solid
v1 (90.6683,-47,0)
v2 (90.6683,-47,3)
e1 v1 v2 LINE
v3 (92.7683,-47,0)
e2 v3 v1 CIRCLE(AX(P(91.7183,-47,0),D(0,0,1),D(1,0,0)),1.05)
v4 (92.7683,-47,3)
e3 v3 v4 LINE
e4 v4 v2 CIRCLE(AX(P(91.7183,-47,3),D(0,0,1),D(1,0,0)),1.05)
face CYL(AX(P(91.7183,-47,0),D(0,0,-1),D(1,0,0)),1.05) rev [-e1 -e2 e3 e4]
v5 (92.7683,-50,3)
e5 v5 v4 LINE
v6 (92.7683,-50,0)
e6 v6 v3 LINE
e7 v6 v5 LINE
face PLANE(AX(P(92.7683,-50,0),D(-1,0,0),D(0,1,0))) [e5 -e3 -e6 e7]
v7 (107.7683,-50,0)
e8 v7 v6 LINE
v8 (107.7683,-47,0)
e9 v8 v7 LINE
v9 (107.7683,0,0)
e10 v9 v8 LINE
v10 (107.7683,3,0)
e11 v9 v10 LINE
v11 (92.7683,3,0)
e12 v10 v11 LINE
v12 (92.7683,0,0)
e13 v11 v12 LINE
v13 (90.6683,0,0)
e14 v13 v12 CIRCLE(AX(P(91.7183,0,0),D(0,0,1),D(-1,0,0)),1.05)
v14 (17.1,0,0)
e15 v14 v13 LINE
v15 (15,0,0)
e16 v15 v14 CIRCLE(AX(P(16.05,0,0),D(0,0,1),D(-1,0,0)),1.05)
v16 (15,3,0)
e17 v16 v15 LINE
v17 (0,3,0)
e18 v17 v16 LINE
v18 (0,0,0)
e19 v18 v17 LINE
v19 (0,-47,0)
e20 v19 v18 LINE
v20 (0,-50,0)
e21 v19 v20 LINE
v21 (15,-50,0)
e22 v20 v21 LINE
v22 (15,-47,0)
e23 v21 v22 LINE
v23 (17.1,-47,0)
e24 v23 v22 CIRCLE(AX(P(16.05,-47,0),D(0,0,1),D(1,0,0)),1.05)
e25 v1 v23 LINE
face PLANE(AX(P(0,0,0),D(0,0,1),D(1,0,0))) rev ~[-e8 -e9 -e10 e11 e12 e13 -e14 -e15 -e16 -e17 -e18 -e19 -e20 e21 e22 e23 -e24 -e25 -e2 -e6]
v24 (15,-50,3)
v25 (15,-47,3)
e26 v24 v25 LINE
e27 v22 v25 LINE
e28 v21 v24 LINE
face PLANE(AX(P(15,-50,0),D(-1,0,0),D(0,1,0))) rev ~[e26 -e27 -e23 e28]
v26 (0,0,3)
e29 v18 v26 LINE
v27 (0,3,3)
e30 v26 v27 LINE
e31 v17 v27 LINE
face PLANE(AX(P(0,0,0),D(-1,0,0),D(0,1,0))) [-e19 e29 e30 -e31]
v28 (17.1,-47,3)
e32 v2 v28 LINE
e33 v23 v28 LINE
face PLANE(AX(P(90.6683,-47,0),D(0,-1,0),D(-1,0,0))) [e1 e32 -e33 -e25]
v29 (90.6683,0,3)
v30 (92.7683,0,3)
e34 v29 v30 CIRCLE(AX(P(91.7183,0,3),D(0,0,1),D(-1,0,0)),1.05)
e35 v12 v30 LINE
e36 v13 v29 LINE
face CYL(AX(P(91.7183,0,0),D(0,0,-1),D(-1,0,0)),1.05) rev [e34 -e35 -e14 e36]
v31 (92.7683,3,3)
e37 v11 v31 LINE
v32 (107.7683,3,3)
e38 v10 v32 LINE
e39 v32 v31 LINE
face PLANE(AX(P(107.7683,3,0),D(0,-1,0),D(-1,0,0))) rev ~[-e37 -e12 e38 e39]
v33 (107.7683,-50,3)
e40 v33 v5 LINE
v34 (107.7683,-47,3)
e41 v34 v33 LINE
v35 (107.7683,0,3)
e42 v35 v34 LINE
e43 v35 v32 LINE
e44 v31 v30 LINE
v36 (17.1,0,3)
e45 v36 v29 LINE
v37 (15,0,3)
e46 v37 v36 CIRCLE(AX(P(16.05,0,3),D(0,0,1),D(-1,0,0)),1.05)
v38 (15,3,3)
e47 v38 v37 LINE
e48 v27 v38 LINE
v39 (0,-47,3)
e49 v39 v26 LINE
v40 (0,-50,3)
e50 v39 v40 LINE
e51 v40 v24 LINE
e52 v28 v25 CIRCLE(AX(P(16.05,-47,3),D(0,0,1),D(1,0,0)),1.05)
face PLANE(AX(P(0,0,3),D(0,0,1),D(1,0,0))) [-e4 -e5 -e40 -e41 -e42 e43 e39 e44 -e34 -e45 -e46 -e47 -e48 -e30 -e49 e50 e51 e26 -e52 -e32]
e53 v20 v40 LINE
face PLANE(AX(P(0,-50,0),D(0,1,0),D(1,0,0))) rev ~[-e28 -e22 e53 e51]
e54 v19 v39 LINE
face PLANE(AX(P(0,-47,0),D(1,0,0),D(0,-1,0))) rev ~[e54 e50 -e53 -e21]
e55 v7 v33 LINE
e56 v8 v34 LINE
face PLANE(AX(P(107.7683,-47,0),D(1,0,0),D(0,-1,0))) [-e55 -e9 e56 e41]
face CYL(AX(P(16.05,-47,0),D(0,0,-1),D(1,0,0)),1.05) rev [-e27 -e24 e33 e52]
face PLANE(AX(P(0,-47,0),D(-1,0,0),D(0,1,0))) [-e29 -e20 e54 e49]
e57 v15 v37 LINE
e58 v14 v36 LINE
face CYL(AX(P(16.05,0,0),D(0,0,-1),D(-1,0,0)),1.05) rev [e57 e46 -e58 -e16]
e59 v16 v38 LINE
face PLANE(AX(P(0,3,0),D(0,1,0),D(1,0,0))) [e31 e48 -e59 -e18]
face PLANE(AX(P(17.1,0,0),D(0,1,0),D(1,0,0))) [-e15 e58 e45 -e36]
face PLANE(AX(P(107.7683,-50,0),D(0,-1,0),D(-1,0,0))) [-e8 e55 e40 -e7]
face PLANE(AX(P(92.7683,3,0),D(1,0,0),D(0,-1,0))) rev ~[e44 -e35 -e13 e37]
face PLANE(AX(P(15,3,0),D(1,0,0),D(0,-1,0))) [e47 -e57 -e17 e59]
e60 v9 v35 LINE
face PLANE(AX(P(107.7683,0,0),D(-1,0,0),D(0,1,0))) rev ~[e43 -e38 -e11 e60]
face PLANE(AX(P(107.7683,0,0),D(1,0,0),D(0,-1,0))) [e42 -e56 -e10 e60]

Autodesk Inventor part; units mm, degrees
ref_plane "YZ Plane" through (0, 0, 0) normal (1, 0, 0) x (0, 1, 0)
ref_plane "XZ Plane" through (0, 0, 0) normal (0, 1, 0) x (-1, 0, 0)
ref_plane "XY Plane" through (0, 0, 0) normal (0, 0, 1) x (1, 0, 0)
sketch "スケッチ1" plane through (0, 0, 0) normal (0, 0, 1) x (1, 0, 0)
  circle A0 centre (-35.9404, 22.842) radius 1.5
  circle A1 centre (5.9362, 53.5882) radius 1.5
  circle A2 centre (127.6431, 30.2622) radius 1.5
  line L0 (22.1499, 50.4807) -> (113.9448, 32.8876)
  circle A3 centre (5.9362, 53.5882) radius 4.5
  circle A4 centre (127.6431, 30.2622) radius 4.5
  circle A5 centre (-35.9404, 22.842) radius 3
  line L1 (5.0892, 49.1686) -> (11.145, 48.008)
  line L2 (11.145, 48.008) -> (22.1499, 50.4807)
  line L3 (113.9448, 32.8876) -> (122.4523, 26.6751)
  line L4 (122.4523, 26.6751) -> (126.7961, 25.8426)
  line L5 (4.4419, 57.8328) -> (15.2047, 61.622)
  line L6 (-37.785, 25.2079) -> (3.1694, 57.1371)
  line L7 (3.5126, 49.7966) -> (-34.0959, 20.4761)
  line L8 (122.0018, 41.1536) -> (130.601, 33.6535)
  circle A6 centre (80.3181, 36.2778) radius 3
  circle A7 centre (80.3181, 36.2778) radius 4.5
  line L9 (128.2106, 34.7263) -> (80.8855, 40.7419)
  circle A8 centre (80.4743, 23.124) radius 1.5
  line L10 (120.4636, 35.711) -> (121.0283, 38.6574)
  line L11 (15.1864, 58.9428) -> (14.6217, 55.9964)
  circle A9 centre (66.9779, 42.9073) radius 1.5
  circle A10 centre (66.9779, 42.9073) radius 3
  line L12 (29.9182, 56.1193) -> (29.3535, 53.1729)
  arc A11 (17.2488, 58.5475) -> (15.1864, 58.9428) centre (16.2176, 58.7451) ccw
  arc A12 (29.9182, 56.1193) -> (27.8558, 56.5146) centre (28.887, 56.3169) ccw
  arc A13 (27.2911, 53.5682) -> (29.3535, 53.1729) centre (28.3223, 53.3705) ccw
  arc A14 (14.6217, 55.9964) -> (16.6841, 55.6011) centre (15.6529, 55.7987) ccw
  line L13 (17.2488, 58.5475) -> (27.8558, 56.5146)
  line L14 (16.6841, 55.6011) -> (27.2911, 53.5682)
  arc A15 (31.8825, 55.7428) -> (27.0019, 58.7146) centre (28.887, 56.3169) ccw
  line L15 (27.0019, 58.7146) -> (18.8556, 60.2759)
  arc A16 (18.8556, 60.2759) -> (15.2047, 61.622) centre (16.2176, 58.7451) ccw
  line L16 (106.2964, 41.4808) -> (105.7317, 38.5345)
  arc A17 (108.3589, 41.0856) -> (106.2964, 41.4808) centre (107.3276, 41.2832) ccw
  arc A18 (121.0283, 38.6574) -> (118.9658, 39.0527) centre (119.997, 38.855) ccw
  arc A19 (118.4011, 36.1063) -> (120.4636, 35.711) centre (119.4323, 35.9086) ccw
  arc A20 (105.7317, 38.5345) -> (107.7942, 38.1392) centre (106.7629, 38.3368) ccw
  line L17 (31.8825, 55.7428) -> (104.3322, 41.8573)
  line L18 (108.3589, 41.0856) -> (118.9658, 39.0527)
  line L19 (107.7942, 38.1392) -> (118.4011, 36.1063)
  arc A21 (122.0018, 41.1536) -> (118.1119, 41.2527) centre (119.997, 38.855) ccw
  line L20 (118.1119, 41.2527) -> (109.9656, 42.814)
  arc A22 (109.9656, 42.814) -> (104.3322, 41.8573) centre (107.3276, 41.2832) ccw
  line L21 (30.3885, 58.9717) -> (38.2584, 54.5208)
  line L22 (16.7917, 61.7406) -> (29.4611, 59.3124)
  line L23 (120.5711, 41.8505) -> (107.9017, 44.2787)
  line L24 (106.8479, 44.2952) -> (98.5267, 42.97)
  point P0 (0, 0)
  point P1 (0, 0)
  point P2 (0, 0)
  dimension "d53" = 9
  dimension "d49" = 9
  dimension "d50" = 9
  dimension "d51" = 6
  dimension "d52" = 6
  dimension "d54" = 47.7059
  dimension "d55" = 47.7059
  dimension "d56" = 3
  dimension "d57" = 3
  dimension "d58" = 8.0769
  dimension "d59" = 8.0769
  dimension "d60" = 3
  dimension "d61" = 6
  dimension "d62" = 61.9691
  dimension "d63" = 61.9691
  dimension "d64" = 15
  dimension "d65" = 2.1
  dimension "d66" = 2
  dimension "d67" = 2
  dimension "d68" = 2
  dimension "d69" = 15
  dimension "d70" = 2.1
  dimension "d71" = 7
  dimension "d72" = 2
  dimension "d73" = 2
sketch "スケッチ2" plane through (0, 0, 0) normal (0, 0, 1) x (1, 0, 0)
  line L0 (17.1, 0) -> (90.6683, 0)
  line L1 (107.7683, 0) -> (107.7683, -47)
  line L2 (90.6683, -47) -> (17.1, -47)
  line L3 (0, -47) -> (0, 0)
  line L4 (0, 0) -> (0, 3)
  line L5 (0, 3) -> (15, 3)
  line L6 (15, 3) -> (15, 0)
  line L7 (107.7683, 0) -> (107.7683, 3)
  line L8 (107.7683, 3) -> (92.7683, 3)
  line L9 (92.7683, 3) -> (92.7683, 0)
  line L10 (107.7683, -47) -> (107.7683, -50)
  line L11 (107.7683, -50) -> (92.7683, -50)
  line L12 (92.7683, -50) -> (92.7683, -47)
  line L13 (0, -47) -> (0, -50)
  line L14 (0, -50) -> (15, -50)
  line L15 (15, -50) -> (15, -47)
  arc A0 (15, 0) -> (17.1, 0) centre (16.05, 0) ccw
  arc A1 (90.6683, 0) -> (92.7683, 0) centre (91.7183, 0) ccw
  arc A2 (92.7683, -47) -> (90.6683, -47) centre (91.7183, -47) ccw
  arc A3 (17.1, -47) -> (15, -47) centre (16.05, -47) ccw
  line L16 (15.1864, 58.9428) -> (14.6217, 55.9964) projected
  line L17 (120.4636, 35.711) -> (121.0283, 38.6574) projected
  dimension "d30" = 107.7683
  dimension "d31" = 47
  dimension "d32" = 3
  dimension "d33" = 15
  dimension "d34" = 3
  dimension "d35" = 15
  dimension "d36" = 3
  dimension "d37" = 15
  dimension "d38" = 3
  dimension "d39" = 3
  dimension "d40" = 15
  dimension "d41" = 2.1
  dimension "d42" = 2.1
  dimension "d43" = 2.1
  dimension "d44" = 2.1
  dimension "d45" = 3
  dimension "d46" = 3
  dimension "d74" = 107.7683
extrude "押し出し1" add sketch "スケッチ2" along normal blind 3
equation "\"d55\" = d54"
equation "\"d59\" = d58"
equation "\"d63\" = d62"
equation "\"d30\" = d74"
properties part number "台形サスバー板" material "ポリカーボネート、クリア"
